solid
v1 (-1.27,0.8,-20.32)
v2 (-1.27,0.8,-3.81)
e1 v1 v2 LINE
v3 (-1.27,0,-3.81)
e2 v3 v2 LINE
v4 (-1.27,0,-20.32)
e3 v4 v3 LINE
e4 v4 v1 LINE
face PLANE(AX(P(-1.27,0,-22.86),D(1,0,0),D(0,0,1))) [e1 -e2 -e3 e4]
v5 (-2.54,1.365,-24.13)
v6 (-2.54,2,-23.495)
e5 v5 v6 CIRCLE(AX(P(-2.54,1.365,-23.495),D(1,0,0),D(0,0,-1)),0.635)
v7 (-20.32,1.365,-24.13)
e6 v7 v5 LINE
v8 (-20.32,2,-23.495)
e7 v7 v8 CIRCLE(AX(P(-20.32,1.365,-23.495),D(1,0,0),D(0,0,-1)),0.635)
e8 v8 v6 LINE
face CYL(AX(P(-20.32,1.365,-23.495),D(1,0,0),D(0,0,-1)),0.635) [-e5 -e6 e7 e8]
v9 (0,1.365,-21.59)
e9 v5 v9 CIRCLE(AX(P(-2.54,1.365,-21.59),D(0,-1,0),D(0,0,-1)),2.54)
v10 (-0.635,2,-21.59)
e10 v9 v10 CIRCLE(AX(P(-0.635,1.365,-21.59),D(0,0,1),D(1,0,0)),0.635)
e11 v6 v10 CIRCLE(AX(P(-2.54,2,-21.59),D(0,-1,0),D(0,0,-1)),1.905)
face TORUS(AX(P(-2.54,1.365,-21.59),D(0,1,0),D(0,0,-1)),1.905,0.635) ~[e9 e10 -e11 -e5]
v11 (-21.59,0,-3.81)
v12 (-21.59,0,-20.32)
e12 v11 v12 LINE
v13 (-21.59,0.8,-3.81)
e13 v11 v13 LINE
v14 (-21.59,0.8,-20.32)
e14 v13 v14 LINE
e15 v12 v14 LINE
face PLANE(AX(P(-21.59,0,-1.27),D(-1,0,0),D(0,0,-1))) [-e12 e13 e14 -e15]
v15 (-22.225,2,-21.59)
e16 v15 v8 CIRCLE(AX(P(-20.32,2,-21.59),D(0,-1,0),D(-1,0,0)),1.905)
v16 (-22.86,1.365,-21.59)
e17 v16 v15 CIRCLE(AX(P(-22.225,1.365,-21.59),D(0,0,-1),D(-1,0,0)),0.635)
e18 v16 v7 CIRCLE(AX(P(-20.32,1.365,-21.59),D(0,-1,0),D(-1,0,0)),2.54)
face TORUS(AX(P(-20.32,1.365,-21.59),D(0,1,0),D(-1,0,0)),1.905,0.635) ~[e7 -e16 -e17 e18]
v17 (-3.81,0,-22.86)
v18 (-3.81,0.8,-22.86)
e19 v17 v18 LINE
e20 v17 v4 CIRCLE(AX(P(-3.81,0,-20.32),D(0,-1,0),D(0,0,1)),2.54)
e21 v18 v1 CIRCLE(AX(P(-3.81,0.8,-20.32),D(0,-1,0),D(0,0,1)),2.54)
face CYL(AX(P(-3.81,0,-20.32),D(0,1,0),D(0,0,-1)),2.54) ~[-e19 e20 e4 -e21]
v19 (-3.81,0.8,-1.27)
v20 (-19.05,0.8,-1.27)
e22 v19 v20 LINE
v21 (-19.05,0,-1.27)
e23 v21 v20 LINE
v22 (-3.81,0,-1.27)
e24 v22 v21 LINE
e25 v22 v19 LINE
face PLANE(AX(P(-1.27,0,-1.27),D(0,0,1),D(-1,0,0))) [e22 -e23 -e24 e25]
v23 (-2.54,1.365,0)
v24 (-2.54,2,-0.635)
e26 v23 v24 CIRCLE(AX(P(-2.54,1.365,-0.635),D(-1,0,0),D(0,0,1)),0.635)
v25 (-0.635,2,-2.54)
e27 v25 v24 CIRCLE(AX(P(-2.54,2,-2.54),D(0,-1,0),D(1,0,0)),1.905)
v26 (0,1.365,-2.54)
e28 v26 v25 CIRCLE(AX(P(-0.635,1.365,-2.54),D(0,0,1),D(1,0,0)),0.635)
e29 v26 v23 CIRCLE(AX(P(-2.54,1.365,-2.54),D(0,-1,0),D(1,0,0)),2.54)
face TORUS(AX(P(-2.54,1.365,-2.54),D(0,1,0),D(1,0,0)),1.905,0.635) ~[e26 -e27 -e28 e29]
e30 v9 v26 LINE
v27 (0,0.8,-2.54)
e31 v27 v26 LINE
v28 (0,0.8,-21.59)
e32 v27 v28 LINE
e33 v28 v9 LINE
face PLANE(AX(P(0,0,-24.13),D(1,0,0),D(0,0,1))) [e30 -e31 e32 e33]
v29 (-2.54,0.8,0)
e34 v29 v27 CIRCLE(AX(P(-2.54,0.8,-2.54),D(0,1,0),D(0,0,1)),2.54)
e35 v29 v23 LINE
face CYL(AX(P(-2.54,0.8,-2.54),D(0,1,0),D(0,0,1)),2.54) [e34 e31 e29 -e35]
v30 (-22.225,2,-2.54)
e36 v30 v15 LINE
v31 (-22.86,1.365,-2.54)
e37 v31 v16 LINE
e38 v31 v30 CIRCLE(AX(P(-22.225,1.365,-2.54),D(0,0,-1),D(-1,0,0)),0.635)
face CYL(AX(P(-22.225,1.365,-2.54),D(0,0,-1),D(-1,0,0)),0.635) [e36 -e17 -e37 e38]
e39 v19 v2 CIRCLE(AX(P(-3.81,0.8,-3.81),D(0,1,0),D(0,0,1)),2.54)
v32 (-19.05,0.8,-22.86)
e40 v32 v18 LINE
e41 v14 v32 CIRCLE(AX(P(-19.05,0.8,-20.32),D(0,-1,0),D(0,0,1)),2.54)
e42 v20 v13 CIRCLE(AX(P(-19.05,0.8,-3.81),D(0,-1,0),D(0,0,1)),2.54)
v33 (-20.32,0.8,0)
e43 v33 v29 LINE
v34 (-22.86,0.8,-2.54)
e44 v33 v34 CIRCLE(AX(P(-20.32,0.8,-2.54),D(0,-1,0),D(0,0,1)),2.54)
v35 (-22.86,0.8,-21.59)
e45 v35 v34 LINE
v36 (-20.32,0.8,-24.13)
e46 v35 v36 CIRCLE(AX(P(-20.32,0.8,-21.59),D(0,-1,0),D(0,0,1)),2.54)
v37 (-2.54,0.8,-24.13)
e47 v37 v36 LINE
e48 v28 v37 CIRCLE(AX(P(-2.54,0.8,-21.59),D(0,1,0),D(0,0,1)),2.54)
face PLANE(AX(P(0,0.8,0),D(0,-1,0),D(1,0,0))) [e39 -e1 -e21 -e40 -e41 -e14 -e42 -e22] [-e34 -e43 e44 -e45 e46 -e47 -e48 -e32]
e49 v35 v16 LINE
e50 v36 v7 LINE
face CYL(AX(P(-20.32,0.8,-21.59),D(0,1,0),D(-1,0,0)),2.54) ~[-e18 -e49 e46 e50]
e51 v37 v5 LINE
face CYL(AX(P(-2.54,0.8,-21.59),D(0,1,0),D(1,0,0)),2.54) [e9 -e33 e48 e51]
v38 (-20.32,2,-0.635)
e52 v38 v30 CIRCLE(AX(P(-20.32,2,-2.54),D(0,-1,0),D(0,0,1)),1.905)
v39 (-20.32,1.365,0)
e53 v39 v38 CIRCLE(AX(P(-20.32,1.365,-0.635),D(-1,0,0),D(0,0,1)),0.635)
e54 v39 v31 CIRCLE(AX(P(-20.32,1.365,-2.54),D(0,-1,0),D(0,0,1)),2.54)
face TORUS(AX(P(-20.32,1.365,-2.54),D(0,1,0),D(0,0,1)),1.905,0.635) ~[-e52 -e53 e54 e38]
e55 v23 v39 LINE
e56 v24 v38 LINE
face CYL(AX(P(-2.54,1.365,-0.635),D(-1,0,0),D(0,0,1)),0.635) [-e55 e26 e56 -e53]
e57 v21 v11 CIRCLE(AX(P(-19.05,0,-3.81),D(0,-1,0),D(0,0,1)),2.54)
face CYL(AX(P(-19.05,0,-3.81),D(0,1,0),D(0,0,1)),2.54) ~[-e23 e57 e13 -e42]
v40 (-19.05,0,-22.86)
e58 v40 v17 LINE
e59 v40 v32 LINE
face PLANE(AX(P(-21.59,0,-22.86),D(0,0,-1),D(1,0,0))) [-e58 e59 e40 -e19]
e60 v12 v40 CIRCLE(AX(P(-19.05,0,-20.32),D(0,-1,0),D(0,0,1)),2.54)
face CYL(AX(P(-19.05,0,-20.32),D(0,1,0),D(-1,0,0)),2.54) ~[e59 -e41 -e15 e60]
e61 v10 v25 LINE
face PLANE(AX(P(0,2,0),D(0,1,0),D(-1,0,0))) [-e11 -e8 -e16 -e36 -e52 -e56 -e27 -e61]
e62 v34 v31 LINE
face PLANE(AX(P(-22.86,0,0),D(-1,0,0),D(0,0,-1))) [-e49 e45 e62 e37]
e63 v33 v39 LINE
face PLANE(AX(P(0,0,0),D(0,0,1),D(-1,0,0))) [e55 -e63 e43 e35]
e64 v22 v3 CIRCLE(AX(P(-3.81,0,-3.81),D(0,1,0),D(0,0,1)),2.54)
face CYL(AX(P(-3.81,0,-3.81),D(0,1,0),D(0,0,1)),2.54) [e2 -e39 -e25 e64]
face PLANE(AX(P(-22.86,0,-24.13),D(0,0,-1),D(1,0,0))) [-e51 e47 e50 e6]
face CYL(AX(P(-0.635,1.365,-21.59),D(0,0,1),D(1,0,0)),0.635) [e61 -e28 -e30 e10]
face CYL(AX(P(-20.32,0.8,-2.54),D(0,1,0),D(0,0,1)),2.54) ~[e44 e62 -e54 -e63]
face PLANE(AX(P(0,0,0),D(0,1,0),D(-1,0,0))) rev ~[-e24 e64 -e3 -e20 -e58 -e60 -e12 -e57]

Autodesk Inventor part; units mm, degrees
ref_plane "YZ Plane" through (0, 0, 0) normal (1, 0, 0) x (0, 1, 0)
ref_plane "XZ Plane" through (0, 0, 0) normal (0, 1, 0) x (-1, 0, 0)
ref_plane "XY Plane" through (0, 0, 0) normal (0, 0, 1) x (1, 0, 0)
sketch "Sketch1" plane through (0, 0, 0) normal (0, 1, 0) x (-1, 0, 0)
  line L0 (0, 0) -> (22.86, 0)
  line L1 (22.86, 0) -> (22.86, -24.13)
  line L2 (22.86, -24.13) -> (0, -24.13)
  line L3 (0, -24.13) -> (0, 0)
  dimension "d0" = 24.13
  dimension "d1" = 22.86
extrude "Extrusion1" add sketch "Sketch1" along normal blind 2
sketch "Sketch2" plane through (0, 0, 0) normal (0, -1, 0) x (1, 0, 0)
  line L0 (-1.27, -1.27) -> (-21.59, -1.27)
  line L1 (-21.59, -1.27) -> (-21.59, -22.86)
  line L2 (-21.59, -22.86) -> (-1.27, -22.86)
  line L3 (-1.27, -22.86) -> (-1.27, -1.27)
  line L4 (-22.86, 0) -> (0, 0) projected
  line L5 (0, -24.13) -> (-22.86, -24.13) projected
  line L6 (0, 0) -> (0, -24.13) projected
  line L7 (-22.86, -24.13) -> (-22.86, 0) projected
  line L8 (0, 0) -> (0, -24.13) projected
  line L9 (0, 0) -> (-22.86, 0)
  line L10 (-22.86, 0) -> (-22.86, -24.13)
  line L11 (-22.86, -24.13) -> (0, -24.13)
  line L12 (0, -24.13) -> (0, 0)
  dimension "d4" = 20.32
  dimension "d5" = 21.59
  dimension "d6" = 1.27
  dimension "d7" = 1.27
  dimension "d8" = 1.27
  dimension "d9" = 1.27
extrude "Extrusion2" cut sketch "Sketch2" against normal blind 0.8
fillet "Fillet1" radius 2.54 8 edges at (0, 1.4, 0) (0, 1.4, -24.13) (-22.86, 1.4, -24.13) (-22.86, 1.4, 0) (-21.59, 0.4, -1.27) (-1.27, 0.4, -1.27) (-1.27, 0.4, -22.86) (-21.59, 0.4, -22.86)
fillet "Fillet2" radius 0.635 8 edges at (-22.1161, 2, -0.7439) (-11.43, 2, 0) (-0.7439, 2, -0.7439) (0, 2, -12.065) (-0.7439, 2, -23.3861) (-11.43, 2, -24.13) (-22.1161, 2, -23.3861) (-22.86, 2, -12.065)
equation "\"d6\" = d7"
equation "\"d8\" = d9"
properties part number "micro lipo lid"
